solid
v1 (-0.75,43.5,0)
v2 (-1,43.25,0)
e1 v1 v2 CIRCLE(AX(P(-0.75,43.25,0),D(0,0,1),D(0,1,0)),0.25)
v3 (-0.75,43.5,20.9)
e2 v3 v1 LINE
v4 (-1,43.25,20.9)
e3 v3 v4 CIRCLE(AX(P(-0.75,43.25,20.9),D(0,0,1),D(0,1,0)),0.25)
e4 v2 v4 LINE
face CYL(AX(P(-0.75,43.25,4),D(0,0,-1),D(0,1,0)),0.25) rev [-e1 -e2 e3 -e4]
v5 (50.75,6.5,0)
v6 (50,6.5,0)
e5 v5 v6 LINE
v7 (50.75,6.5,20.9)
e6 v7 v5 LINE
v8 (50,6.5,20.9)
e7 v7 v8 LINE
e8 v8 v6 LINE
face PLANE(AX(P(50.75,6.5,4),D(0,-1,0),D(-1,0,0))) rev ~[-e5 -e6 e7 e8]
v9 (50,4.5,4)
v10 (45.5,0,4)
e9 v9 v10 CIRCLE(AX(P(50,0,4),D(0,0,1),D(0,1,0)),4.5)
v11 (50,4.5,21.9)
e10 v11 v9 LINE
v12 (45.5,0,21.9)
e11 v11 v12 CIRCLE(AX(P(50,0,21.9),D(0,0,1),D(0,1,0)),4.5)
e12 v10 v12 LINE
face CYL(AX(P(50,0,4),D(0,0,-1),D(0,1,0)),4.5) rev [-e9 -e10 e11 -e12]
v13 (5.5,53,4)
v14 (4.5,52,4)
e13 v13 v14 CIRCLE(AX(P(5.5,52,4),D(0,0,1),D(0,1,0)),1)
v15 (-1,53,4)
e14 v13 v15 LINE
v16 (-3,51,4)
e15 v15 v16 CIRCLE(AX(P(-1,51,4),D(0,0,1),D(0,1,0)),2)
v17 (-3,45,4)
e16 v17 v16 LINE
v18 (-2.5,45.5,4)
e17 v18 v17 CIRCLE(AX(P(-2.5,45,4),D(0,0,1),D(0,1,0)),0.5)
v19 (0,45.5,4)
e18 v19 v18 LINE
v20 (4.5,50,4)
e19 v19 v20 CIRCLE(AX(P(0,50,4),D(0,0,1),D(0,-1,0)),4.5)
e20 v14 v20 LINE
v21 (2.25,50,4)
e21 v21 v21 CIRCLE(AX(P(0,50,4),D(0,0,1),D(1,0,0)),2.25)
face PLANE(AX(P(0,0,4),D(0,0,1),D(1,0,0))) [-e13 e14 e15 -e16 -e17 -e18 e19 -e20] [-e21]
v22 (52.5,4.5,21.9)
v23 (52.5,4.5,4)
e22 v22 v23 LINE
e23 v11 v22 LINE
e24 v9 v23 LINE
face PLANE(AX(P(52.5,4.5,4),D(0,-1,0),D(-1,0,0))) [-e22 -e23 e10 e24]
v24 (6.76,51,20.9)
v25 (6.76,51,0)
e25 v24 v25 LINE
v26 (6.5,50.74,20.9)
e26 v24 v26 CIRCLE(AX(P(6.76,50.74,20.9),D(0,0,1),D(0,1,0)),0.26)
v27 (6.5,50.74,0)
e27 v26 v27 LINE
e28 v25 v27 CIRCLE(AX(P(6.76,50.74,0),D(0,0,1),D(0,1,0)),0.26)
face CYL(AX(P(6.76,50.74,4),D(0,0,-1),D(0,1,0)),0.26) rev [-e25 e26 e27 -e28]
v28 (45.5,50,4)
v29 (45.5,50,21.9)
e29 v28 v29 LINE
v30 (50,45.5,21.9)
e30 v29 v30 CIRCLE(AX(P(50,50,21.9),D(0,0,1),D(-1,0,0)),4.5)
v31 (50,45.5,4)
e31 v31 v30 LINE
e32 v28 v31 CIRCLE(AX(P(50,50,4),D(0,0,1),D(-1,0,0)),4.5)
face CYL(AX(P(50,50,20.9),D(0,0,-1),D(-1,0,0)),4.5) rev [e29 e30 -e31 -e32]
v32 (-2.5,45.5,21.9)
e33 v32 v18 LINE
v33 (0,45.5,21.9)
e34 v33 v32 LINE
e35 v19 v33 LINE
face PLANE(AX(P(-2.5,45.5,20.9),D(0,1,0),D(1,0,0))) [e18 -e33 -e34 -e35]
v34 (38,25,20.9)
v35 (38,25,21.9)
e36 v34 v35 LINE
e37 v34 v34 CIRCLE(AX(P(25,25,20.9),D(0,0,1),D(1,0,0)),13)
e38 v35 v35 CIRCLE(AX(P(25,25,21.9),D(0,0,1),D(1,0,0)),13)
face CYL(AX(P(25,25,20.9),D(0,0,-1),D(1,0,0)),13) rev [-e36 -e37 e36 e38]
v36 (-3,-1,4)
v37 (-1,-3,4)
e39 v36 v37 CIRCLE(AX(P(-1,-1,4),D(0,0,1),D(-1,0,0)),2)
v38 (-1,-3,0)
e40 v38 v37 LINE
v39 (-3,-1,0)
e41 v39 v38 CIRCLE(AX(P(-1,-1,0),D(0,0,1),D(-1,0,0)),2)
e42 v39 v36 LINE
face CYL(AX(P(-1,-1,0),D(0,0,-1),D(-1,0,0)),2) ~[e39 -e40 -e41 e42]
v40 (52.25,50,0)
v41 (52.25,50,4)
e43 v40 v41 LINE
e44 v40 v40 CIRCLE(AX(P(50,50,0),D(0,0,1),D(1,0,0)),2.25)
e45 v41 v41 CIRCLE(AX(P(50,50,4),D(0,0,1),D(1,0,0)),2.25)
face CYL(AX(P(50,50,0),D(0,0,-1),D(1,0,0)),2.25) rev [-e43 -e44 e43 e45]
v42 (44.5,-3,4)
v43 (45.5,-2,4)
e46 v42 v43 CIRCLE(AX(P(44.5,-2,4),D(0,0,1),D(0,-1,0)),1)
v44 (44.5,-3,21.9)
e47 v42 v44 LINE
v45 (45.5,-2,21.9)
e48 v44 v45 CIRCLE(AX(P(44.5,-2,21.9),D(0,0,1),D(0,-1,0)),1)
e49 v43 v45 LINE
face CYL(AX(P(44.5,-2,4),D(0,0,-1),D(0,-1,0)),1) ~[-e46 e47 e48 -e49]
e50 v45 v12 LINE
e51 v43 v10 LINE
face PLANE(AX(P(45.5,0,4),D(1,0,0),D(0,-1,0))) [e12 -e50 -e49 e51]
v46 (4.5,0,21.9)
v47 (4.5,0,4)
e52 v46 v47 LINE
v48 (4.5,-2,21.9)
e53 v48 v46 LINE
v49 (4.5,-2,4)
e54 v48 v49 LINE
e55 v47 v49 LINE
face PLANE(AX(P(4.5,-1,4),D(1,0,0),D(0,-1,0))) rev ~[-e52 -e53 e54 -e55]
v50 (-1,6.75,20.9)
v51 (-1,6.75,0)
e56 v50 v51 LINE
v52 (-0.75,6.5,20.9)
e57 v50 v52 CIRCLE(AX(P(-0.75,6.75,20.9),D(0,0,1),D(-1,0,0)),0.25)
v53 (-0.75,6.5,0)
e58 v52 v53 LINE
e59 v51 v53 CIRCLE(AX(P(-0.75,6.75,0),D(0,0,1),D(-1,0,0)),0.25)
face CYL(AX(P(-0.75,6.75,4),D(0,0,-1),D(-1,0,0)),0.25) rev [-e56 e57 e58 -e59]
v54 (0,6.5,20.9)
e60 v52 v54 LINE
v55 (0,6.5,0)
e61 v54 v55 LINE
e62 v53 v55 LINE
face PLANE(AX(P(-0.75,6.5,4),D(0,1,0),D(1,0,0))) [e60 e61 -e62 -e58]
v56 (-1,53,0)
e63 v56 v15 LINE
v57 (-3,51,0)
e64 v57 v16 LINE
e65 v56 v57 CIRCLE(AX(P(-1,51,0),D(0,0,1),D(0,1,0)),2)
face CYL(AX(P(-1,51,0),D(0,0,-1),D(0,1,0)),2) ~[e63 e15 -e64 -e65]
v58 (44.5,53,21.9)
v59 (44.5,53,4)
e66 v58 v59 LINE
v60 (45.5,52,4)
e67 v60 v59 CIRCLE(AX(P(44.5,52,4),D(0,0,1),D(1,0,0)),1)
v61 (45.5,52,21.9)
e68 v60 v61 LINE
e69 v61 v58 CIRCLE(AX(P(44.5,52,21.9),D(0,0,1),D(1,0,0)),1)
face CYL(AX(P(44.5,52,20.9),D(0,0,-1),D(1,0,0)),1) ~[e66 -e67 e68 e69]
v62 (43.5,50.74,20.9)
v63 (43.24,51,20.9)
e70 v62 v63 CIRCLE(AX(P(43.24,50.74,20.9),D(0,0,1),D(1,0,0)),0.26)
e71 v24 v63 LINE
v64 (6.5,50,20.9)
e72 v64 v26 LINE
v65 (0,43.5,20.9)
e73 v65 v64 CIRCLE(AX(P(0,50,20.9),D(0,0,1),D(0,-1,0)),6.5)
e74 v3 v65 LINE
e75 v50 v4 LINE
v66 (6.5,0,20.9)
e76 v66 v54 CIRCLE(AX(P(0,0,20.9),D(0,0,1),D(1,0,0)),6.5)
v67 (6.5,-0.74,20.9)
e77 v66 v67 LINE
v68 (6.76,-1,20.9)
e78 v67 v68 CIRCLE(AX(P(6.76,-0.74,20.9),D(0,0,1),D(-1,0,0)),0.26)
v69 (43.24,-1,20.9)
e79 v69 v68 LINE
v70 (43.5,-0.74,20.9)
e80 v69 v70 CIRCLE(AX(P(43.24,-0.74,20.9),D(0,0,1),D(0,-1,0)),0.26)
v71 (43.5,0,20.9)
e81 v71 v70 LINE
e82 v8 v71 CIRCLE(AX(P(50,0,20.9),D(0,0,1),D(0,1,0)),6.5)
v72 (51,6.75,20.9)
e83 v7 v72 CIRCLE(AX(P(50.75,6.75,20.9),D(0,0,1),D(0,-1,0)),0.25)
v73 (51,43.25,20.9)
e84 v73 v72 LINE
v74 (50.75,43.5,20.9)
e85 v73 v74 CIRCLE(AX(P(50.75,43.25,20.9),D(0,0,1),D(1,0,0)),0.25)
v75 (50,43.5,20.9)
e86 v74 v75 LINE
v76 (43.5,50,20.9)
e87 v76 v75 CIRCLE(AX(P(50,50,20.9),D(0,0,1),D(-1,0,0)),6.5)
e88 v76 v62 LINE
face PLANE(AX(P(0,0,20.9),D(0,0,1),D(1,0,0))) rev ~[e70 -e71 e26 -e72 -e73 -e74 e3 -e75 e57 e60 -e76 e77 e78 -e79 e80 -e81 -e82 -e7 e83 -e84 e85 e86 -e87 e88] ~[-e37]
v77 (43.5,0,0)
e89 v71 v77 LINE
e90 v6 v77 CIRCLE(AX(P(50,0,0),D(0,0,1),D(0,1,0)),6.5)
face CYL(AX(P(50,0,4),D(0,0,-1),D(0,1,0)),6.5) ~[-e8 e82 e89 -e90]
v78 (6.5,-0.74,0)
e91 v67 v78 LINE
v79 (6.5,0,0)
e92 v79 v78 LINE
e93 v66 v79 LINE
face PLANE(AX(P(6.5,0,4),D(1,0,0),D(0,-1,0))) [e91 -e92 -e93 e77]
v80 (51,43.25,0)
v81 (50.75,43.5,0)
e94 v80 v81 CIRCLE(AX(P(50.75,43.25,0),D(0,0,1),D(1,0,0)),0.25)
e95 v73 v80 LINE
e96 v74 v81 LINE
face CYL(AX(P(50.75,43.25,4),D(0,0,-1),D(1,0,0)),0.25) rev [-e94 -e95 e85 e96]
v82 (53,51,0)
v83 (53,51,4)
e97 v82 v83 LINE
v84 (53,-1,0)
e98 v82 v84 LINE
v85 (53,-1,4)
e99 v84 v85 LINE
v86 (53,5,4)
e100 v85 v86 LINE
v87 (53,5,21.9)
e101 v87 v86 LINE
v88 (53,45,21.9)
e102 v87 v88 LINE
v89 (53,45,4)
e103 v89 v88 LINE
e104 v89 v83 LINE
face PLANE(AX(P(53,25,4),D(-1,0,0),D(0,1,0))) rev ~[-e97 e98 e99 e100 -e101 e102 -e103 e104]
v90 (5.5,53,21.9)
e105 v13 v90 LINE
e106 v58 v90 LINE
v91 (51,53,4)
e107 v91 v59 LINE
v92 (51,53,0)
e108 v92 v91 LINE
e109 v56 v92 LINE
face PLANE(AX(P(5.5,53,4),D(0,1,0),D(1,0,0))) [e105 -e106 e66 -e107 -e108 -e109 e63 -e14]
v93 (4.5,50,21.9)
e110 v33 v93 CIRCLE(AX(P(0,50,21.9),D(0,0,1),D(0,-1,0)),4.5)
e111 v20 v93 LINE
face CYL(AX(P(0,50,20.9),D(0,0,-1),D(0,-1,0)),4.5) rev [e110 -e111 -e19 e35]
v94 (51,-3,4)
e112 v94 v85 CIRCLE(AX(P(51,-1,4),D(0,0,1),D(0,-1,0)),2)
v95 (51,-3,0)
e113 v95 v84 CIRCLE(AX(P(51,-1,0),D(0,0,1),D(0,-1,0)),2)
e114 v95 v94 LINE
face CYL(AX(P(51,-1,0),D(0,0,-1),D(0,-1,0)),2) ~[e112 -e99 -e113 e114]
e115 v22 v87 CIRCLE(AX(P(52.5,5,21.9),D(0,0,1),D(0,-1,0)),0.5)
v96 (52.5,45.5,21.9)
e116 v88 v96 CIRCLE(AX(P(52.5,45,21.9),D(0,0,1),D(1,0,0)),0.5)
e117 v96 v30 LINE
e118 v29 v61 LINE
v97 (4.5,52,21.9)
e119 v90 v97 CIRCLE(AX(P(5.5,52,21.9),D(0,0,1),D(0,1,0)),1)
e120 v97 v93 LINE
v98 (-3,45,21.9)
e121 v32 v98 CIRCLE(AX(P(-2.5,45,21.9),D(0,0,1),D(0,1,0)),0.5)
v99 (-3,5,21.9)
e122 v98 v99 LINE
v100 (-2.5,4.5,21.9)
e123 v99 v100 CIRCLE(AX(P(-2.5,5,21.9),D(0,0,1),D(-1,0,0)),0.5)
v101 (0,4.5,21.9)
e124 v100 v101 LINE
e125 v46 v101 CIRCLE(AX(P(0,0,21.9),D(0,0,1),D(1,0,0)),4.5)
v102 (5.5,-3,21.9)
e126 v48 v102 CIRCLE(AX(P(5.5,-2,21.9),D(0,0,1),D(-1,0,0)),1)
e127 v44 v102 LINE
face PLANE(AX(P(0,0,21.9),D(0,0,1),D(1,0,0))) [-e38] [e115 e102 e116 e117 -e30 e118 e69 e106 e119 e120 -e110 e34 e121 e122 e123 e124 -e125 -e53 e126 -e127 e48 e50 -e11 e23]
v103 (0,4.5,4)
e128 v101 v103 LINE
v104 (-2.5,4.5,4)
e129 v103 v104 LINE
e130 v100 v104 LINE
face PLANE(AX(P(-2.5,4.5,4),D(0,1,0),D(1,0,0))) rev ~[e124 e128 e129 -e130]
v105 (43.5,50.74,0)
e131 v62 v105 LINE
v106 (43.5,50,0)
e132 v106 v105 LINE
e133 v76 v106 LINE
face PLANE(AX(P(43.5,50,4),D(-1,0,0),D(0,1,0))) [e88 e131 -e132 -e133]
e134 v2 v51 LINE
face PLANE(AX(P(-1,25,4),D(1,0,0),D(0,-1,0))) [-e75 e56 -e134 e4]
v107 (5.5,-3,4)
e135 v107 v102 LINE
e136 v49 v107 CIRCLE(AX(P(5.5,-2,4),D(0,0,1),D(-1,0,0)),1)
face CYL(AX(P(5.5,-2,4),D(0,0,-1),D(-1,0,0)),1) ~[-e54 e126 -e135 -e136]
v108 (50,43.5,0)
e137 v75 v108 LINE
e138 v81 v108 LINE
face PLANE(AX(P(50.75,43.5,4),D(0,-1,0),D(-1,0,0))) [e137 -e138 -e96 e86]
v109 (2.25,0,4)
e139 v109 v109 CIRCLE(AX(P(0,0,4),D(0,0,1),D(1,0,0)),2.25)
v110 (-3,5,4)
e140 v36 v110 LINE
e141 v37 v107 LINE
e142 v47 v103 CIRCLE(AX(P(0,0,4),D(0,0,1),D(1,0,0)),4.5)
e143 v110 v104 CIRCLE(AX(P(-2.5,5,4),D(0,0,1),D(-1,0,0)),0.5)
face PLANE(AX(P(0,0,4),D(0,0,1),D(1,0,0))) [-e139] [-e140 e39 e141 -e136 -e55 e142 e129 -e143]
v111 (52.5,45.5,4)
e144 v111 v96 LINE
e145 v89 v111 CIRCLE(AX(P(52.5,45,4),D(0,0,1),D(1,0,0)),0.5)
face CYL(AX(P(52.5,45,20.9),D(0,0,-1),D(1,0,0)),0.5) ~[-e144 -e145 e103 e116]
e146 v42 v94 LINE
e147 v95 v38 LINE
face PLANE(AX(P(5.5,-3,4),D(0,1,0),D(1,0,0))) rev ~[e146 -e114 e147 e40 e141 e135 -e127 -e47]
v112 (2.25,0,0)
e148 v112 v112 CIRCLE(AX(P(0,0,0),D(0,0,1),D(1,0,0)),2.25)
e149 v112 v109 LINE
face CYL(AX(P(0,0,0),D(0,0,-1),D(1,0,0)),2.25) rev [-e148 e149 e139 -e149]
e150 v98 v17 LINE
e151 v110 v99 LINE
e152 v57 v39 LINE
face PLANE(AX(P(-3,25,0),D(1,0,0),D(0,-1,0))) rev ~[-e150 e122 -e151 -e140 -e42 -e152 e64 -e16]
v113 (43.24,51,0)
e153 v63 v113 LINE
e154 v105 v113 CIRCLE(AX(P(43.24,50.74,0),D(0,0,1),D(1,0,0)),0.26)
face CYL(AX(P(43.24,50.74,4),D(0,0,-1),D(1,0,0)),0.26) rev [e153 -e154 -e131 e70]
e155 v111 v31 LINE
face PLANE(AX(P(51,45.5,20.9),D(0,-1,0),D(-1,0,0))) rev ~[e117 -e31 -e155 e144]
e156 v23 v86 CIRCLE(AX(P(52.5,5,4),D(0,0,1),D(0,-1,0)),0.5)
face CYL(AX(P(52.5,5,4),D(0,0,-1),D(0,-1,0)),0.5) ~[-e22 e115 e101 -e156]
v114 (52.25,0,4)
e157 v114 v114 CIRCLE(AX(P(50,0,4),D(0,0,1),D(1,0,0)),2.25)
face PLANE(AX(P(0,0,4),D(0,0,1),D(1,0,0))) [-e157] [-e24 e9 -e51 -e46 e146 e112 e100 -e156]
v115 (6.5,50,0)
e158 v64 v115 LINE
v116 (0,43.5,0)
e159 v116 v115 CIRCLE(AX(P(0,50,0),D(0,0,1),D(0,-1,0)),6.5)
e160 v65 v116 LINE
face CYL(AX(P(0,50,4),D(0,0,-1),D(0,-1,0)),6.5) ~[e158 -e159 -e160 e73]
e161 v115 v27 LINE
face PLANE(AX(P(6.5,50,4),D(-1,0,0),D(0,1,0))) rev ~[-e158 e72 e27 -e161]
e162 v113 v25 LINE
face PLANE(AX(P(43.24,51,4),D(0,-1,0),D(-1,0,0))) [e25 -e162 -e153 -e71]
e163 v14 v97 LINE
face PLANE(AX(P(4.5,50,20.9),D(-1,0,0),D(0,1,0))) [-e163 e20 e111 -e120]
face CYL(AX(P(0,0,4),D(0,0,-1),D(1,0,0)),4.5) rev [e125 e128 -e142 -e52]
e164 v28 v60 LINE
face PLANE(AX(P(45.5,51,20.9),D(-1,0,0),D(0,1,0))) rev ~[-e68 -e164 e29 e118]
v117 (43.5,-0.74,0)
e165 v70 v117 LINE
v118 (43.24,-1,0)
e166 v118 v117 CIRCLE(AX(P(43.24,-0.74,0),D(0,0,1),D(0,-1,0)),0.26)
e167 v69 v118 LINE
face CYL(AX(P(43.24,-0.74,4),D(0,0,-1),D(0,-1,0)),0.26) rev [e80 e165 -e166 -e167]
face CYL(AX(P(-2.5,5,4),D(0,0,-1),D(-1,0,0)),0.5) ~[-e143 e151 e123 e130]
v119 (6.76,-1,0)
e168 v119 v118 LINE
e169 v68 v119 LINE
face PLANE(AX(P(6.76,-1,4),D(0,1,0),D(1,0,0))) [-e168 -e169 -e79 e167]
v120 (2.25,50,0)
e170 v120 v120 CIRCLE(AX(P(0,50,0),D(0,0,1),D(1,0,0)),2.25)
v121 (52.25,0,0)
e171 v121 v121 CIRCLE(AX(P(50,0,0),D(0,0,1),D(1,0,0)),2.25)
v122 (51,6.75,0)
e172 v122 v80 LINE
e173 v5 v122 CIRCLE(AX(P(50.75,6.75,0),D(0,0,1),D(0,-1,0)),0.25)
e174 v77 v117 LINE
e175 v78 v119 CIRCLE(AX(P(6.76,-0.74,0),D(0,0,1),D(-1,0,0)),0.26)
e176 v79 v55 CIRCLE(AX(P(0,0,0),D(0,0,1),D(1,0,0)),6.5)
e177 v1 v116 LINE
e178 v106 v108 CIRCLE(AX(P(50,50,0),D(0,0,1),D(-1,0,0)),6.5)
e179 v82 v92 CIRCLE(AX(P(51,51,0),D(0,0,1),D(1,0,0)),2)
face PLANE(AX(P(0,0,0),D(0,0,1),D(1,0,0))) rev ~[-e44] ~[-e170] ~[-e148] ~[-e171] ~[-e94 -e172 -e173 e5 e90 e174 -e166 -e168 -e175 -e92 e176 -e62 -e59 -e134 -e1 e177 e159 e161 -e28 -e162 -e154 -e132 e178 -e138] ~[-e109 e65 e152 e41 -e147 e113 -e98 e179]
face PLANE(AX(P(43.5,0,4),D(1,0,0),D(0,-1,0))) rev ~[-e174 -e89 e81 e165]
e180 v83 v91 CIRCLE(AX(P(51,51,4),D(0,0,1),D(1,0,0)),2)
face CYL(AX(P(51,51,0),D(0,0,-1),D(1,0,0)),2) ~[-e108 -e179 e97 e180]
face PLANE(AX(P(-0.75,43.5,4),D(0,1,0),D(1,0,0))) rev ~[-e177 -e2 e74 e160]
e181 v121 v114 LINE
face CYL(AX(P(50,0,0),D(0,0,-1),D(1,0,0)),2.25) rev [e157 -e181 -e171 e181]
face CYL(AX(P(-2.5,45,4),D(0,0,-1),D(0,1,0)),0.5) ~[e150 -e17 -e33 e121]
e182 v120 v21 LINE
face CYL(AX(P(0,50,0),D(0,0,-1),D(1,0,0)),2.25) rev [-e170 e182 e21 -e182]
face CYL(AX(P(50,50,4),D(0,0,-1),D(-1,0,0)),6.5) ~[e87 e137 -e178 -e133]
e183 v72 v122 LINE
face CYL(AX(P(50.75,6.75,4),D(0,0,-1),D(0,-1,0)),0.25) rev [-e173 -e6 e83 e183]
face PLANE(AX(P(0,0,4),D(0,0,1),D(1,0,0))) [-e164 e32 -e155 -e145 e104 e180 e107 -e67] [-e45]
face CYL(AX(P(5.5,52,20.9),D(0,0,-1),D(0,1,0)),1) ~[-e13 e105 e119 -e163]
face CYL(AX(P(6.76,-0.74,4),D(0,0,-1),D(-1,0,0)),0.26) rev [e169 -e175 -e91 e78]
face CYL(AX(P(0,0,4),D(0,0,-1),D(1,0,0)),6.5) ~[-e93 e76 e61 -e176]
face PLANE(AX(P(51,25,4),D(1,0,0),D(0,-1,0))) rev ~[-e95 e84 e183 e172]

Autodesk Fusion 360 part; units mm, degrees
sketch "Esquisse1" plane through (0, 0, 0) normal (0, 0, 1) x (1, 0, 0)
  circle A0 centre (0, 0) radius 2.25
  line L0 (5.5, -3) -> (25, -3)
  line L1 (25, -3) -> (25, 25) construction
  line L2 (25, 25) -> (-3, 25) construction
  line L3 (-3, 25) -> (-3, 5)
  arc A1 (-3, -1) -> (-1, -3) centre (-1, -1) ccw
  line L4 (-1, 4.5) -> (0, 4.5)
  line L5 (4.5, 0) -> (4.5, -1)
  line L6 (-1, 25) -> (-1, 6.75)
  line L7 (6.76, -1) -> (25, -1)
  arc A2 (4.5, 0) -> (0, 4.5) centre (0, 0) ccw
  line L8 (-0.75, 6.5) -> (0, 6.5)
  line L9 (6.5, 0) -> (6.5, -0.74)
  arc A3 (6.5, 0) -> (0, 6.5) centre (0, 0) ccw
  line L10 (-2.5, 4.5) -> (-1, 4.5)
  line L11 (4.5, -1) -> (4.5, -2)
  arc A4 (6.5, -0.74) -> (6.76, -1) centre (6.76, -0.74) ccw
  arc A5 (-1, 6.75) -> (-0.75, 6.5) centre (-0.75, 6.75) ccw
  arc A6 (4.5, -2) -> (5.5, -3) centre (5.5, -2) ccw
  line L12 (-1, -3) -> (5.5, -3)
  arc A7 (-3, 5) -> (-2.5, 4.5) centre (-2.5, 5) ccw
  line L13 (-3, -1) -> (-3, 5)
  line L14 (45.5, -1) -> (45.5, -2)
  line L15 (53, -1) -> (53, 5)
  line L16 (51, 4.5) -> (50, 4.5)
  line L17 (52.5, 4.5) -> (51, 4.5)
  line L18 (50.75, 6.5) -> (50, 6.5)
  arc A8 (44.5, -3) -> (45.5, -2) centre (44.5, -2) ccw
  arc A9 (50, 4.5) -> (45.5, 0) centre (50, 0) ccw
  line L19 (43.24, -1) -> (25, -1)
  circle A10 centre (50, 0) radius 2.25
  line L20 (51, -3) -> (44.5, -3)
  line L21 (45.5, 0) -> (45.5, -1)
  line L22 (44.5, -3) -> (25, -3)
  arc A11 (52.5, 4.5) -> (53, 5) centre (52.5, 5) ccw
  line L23 (53, 25) -> (53, 5)
  line L24 (51, 25) -> (51, 6.75)
  arc A12 (43.24, -1) -> (43.5, -0.74) centre (43.24, -0.74) ccw
  arc A13 (50.75, 6.5) -> (51, 6.75) centre (50.75, 6.75) ccw
  line L25 (43.5, 0) -> (43.5, -0.74)
  arc A14 (51, -3) -> (53, -1) centre (51, -1) ccw
  arc A15 (50, 6.5) -> (43.5, 0) centre (50, 0) ccw
  line L26 (6.76, 51) -> (25, 51)
  arc A16 (-1, 53) -> (-3, 51) centre (-1, 51) ccw
  line L27 (53, 25) -> (53, 45)
  arc A17 (51, 43.25) -> (50.75, 43.5) centre (50.75, 43.25) ccw
  line L28 (52.5, 45.5) -> (51, 45.5)
  line L29 (45.5, 50) -> (45.5, 51)
  arc A18 (5.5, 53) -> (4.5, 52) centre (5.5, 52) ccw
  line L30 (-1, 53) -> (5.5, 53)
  line L31 (43.24, 51) -> (25, 51)
  arc A19 (53, 51) -> (51, 53) centre (51, 51) ccw
  line L32 (50.75, 43.5) -> (50, 43.5)
  line L33 (5.5, 53) -> (25, 53)
  line L34 (44.5, 53) -> (25, 53)
  line L35 (51, 45.5) -> (50, 45.5)
  arc A20 (-0.75, 43.5) -> (-1, 43.25) centre (-0.75, 43.25) ccw
  arc A21 (0, 45.5) -> (4.5, 50) centre (0, 50) ccw
  line L36 (4.5, 50) -> (4.5, 51)
  line L37 (-1, 25) -> (-1, 43.25)
  line L38 (4.5, 51) -> (4.5, 52)
  line L39 (6.5, 50) -> (6.5, 50.74)
  line L40 (51, 25) -> (51, 43.25)
  line L41 (-1, 45.5) -> (0, 45.5)
  line L42 (51, 53) -> (44.5, 53)
  line L43 (45.5, 51) -> (45.5, 52)
  arc A22 (43.5, 50.74) -> (43.24, 51) centre (43.24, 50.74) ccw
  arc A23 (53, 45) -> (52.5, 45.5) centre (52.5, 45) ccw
  arc A24 (0, 43.5) -> (6.5, 50) centre (0, 50) ccw
  line L44 (53, 51) -> (53, 45)
  arc A25 (6.76, 51) -> (6.5, 50.74) centre (6.76, 50.74) ccw
  line L45 (-3, 25) -> (-3, 45)
  arc A26 (45.5, 52) -> (44.5, 53) centre (44.5, 52) ccw
  arc A27 (43.5, 50) -> (50, 43.5) centre (50, 50) ccw
  circle A28 centre (0, 50) radius 2.25
  line L46 (43.5, 50) -> (43.5, 50.74)
  circle A29 centre (50, 50) radius 2.25
  line L47 (-0.75, 43.5) -> (0, 43.5)
  line L48 (-3, 51) -> (-3, 45)
  arc A30 (45.5, 50) -> (50, 45.5) centre (50, 50) ccw
  arc A31 (-2.5, 45.5) -> (-3, 45) centre (-2.5, 45) ccw
  line L49 (-2.5, 45.5) -> (-1, 45.5)
  circle A32 centre (25, 25) radius 13
  point P0 (50, 0)
  point P1 (25, 25)
  point P2 (25, 25)
  point P3 (25, 25)
  point P4 (0, 50)
  point P5 (50, 50)
  dimension "d22" = 4.5
  dimension "d23" = 3
  dimension "d24" = 3
  dimension "d25" = 2
  dimension "d30" = 25
  dimension "d31" = 25
  dimension "d32" = 2
  dimension "d33" = 2
  dimension "d34" = 4.5
  dimension "d35" = 4.5
  dimension "d36" = 4.5
  dimension "d37" = 2
  dimension "d38" = 2
  dimension "d39" = 6.5
  dimension "d40" = 0.26
  dimension "d41" = 0.25
  dimension "d42" = 1
  dimension "d43" = 0.5
  dimension "d44" = 26
extrude "Extrusion1" add sketch "Esquisse1" along normal blind 4 contours L0 L3 L4 L5 A2 L10 L11 A6 A7 L14 L16 L17 A8 A9 L21 L22 A11 L23 L27 L28 L29 A18 L33 L34 L35 A21 L36 L38 L41 L43 A23 L45 A26 A30 A31 L49 | A1 L4 L5 A2 L10 L11 A6 L12 A7 L13 | L14 L15 L16 L17 A8 A9 L20 L21 A11 A14 | A16 A18 L30 A21 L36 L38 L41 L48 A31 L49 | L28 L29 A19 L35 L42 L43 A23 L44 A26 A30
extrude "Extrusion2" add sketch "Esquisse1" along normal blind 16.9 from surface at 4 contours L0 L3 L4 L5 A2 L10 L11 A6 A7 L14 L16 L17 A8 A9 L21 L22 A11 L23 L27 L28 L29 A18 L33 L34 L35 A21 L36 L38 L41 L43 A23 L45 A26 A30 A31 L49
extrude "Extrusion3" add sketch "Esquisse1" along normal blind 1 from surface at 20.9 contours L0 L3 L4 L5 A2 L10 L11 A6 A7 L14 L16 L17 A8 A9 L21 L22 A11 L23 L27 L28 L29 A18 L33 L34 L35 A21 L36 L38 L41 L43 A23 L45 A26 A30 A31 L49 | L6 L7 L8 L9 A3 A4 A5 L18 L19 L24 A12 A13 L25 A15 L26 A17 L31 L32 A20 L37 L39 L40 A22 A24 A25 A27 L46 L47
equation "d48 = 8.9 mm + 8 mm"
equation "d50 = 12.9 mm + 8 mm"
